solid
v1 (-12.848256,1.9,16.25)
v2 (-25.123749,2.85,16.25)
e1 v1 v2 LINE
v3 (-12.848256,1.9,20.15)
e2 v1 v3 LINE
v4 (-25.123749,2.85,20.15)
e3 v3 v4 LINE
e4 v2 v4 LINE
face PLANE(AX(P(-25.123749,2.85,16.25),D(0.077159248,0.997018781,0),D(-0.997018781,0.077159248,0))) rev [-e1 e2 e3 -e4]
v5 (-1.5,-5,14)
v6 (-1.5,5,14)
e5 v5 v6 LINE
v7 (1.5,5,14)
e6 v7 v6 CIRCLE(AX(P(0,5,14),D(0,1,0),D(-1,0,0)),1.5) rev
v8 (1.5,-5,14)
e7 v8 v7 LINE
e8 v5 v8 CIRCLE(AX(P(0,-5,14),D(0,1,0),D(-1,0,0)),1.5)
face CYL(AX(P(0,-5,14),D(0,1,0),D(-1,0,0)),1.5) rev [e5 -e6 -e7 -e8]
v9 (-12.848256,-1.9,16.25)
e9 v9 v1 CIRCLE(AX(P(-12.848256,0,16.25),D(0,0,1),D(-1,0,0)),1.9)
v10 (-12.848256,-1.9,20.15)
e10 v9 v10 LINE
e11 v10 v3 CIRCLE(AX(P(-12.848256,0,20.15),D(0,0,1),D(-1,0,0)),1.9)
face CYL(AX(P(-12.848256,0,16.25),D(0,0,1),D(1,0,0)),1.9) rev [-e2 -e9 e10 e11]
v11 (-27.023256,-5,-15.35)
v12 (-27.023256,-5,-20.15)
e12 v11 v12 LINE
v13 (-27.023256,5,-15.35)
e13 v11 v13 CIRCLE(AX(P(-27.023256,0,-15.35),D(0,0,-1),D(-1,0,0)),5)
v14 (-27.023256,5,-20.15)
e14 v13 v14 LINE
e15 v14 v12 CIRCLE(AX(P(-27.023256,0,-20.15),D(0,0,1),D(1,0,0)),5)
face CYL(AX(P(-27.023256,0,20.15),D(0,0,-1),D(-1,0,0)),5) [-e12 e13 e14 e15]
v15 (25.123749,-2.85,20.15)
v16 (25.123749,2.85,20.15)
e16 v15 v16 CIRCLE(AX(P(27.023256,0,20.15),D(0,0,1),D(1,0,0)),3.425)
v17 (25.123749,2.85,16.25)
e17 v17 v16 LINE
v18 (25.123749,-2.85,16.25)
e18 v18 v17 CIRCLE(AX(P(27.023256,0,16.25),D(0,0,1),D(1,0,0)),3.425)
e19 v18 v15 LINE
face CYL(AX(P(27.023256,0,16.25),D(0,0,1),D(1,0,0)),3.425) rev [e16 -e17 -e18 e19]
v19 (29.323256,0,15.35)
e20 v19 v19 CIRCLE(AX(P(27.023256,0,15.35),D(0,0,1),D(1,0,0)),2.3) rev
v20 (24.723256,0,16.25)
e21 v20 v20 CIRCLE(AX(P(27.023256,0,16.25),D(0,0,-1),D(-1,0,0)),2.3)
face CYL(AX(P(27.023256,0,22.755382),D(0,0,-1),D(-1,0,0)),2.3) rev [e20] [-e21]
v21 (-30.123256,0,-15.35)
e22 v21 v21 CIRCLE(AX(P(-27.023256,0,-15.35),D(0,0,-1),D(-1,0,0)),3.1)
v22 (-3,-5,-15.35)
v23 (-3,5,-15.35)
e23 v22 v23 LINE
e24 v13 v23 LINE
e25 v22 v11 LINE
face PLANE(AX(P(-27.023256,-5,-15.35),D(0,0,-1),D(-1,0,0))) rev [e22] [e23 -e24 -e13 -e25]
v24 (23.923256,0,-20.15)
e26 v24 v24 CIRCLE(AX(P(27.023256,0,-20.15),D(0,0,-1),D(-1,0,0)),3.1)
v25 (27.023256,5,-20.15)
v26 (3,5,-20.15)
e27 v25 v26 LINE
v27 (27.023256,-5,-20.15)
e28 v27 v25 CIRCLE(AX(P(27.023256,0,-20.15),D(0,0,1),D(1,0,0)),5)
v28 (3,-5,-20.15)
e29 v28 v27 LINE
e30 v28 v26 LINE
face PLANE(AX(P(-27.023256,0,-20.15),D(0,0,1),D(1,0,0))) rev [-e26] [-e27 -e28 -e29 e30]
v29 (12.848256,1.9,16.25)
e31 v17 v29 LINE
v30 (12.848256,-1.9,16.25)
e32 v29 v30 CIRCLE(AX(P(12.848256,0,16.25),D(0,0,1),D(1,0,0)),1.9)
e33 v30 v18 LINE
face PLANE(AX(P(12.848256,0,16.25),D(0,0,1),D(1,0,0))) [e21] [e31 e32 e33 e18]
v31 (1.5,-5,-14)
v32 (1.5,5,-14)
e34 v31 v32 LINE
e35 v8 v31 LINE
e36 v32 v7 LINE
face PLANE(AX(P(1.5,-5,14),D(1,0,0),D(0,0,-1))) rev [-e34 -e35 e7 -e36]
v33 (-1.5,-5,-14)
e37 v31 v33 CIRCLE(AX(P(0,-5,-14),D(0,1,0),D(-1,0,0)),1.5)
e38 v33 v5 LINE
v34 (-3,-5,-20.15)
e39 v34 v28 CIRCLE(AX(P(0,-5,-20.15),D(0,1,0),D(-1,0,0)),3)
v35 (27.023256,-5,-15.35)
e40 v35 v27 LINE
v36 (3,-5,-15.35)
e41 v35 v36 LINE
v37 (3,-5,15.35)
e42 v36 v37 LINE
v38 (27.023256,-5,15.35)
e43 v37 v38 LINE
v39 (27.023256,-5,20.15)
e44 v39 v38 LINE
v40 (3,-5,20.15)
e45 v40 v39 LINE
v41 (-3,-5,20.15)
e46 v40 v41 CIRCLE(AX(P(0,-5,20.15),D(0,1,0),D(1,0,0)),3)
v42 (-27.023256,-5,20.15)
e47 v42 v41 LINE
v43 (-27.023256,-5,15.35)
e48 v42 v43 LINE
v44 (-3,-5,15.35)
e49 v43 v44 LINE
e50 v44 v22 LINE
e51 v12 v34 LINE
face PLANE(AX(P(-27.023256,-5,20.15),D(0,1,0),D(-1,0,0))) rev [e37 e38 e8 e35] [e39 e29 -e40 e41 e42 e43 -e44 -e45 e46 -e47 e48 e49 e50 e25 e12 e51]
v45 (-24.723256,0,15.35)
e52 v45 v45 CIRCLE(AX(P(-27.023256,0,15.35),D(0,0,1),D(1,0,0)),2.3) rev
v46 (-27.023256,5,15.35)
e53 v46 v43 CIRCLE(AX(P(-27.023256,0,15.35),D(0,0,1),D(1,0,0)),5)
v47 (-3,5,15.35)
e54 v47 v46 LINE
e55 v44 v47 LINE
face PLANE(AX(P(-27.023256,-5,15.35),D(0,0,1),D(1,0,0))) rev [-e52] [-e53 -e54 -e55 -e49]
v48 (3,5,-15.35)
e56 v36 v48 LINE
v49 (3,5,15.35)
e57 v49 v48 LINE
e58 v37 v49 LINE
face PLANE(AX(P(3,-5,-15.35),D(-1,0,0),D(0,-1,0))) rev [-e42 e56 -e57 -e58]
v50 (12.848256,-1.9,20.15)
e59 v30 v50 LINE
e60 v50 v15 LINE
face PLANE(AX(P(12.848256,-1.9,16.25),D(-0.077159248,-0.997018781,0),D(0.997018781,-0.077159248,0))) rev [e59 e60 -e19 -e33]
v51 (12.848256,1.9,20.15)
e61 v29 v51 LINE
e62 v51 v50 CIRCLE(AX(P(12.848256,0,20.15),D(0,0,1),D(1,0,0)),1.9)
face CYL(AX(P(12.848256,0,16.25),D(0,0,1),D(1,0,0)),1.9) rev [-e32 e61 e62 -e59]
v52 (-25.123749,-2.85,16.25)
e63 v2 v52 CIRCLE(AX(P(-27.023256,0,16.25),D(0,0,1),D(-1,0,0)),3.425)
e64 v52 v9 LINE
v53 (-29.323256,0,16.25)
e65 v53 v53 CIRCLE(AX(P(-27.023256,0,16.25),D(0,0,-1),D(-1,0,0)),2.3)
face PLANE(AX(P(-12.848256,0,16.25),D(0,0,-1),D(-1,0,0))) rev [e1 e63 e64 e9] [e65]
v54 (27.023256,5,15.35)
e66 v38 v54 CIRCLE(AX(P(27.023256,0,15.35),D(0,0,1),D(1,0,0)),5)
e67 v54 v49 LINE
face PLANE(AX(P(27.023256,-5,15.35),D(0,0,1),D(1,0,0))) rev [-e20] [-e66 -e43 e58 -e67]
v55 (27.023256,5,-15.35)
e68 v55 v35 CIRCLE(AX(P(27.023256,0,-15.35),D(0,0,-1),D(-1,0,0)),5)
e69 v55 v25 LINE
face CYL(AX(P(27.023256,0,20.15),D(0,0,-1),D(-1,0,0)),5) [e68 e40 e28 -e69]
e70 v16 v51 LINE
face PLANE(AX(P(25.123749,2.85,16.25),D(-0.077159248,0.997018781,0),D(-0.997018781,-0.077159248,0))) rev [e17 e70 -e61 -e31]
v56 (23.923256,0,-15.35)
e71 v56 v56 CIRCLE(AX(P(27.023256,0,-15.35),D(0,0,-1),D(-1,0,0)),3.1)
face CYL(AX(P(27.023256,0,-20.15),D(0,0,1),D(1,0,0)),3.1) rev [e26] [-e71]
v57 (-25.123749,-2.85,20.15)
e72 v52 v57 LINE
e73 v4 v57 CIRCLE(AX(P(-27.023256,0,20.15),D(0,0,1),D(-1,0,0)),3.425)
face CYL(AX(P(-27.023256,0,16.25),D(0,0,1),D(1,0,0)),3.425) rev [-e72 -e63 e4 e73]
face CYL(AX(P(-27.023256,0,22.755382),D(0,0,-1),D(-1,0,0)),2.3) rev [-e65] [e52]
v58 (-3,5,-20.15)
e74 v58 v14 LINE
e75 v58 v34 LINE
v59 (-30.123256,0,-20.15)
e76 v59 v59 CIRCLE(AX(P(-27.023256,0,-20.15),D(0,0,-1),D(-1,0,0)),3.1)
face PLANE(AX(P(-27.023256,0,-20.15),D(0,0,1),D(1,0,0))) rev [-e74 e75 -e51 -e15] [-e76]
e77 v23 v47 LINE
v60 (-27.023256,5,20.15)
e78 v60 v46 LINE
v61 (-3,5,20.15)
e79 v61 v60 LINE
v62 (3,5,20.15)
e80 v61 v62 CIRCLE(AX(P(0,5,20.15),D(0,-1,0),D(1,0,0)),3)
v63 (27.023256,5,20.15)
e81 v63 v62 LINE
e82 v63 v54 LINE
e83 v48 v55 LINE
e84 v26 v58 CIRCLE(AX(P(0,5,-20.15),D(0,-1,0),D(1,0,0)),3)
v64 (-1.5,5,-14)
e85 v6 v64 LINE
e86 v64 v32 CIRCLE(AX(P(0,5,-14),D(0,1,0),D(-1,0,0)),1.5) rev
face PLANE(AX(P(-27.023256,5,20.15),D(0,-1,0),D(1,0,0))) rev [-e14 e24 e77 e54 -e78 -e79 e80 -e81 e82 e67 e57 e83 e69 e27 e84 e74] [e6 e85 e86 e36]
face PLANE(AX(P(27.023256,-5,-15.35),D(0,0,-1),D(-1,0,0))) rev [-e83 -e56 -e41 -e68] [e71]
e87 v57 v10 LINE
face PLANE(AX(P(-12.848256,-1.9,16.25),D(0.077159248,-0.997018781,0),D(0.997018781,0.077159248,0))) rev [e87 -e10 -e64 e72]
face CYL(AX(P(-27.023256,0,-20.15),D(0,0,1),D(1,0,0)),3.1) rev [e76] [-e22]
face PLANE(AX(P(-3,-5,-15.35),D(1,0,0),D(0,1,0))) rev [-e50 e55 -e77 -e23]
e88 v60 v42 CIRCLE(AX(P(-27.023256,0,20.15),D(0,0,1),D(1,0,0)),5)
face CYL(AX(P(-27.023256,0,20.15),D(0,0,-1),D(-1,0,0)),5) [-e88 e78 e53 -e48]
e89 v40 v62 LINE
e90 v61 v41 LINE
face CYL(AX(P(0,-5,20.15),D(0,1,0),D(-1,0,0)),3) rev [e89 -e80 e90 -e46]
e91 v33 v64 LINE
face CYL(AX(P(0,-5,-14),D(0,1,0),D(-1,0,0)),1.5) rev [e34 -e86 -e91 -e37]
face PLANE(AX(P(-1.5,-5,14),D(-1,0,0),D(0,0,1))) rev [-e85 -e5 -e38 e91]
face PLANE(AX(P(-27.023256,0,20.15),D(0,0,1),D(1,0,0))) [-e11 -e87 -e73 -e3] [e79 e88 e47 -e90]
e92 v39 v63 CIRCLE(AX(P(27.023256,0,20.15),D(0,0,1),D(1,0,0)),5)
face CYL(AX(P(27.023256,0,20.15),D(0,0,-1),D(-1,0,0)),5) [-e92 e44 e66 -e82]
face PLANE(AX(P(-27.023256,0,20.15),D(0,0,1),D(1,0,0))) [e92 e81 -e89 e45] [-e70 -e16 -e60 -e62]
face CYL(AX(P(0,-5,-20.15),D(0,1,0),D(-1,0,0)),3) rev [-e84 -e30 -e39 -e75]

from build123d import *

# Parameters (mm, degrees)
BOSS_EXTRUDE1_DEPTH     = 20.15
CUT_EXTRUDE1_DEPTH      = 40.134529676
CUT_EXTRUDE1_DEPTH_BACK = 40.134529676
SKETCH2_R               = 3
CUT_EXTRUDE2_DEPTH      = 3.9
SKETCH5_R               = 2.3
CUT_EXTRUDE4_DEPTH      = 16.25
CUT_EXTRUDE5_START      = -15.35
SKETCH7_R               = 3.1
CUT_EXTRUDE5_DEPTH      = 23.814268799


with BuildPart() as part:
    # Sketch1 → Boss-Extrude1 (new, symmetric)
    with BuildSketch(Plane.XY):
        with BuildLine():
            Line((-27.023255814, 5), (27.023255814, 5))
            ThreePointArc((27.023255814, 5), (32.023255814, 0), (27.023255814, -5))
            Line((27.023255814, -5), (-27.023255814, -5))
            ThreePointArc((-27.023255814, -5), (-32.023255814, 0), (-27.023255814, 5))
        make_face()
    extrude(amount=BOSS_EXTRUDE1_DEPTH, both=True)

    # Sketch2 → Cut-Extrude1 (cut, two sides: drawn at the far end of the back side and taken through both)
    with BuildSketch(Plane(origin=(0, 5, 0), x_dir=(1, 0, 0), z_dir=(0, 1, 0)).offset(-CUT_EXTRUDE1_DEPTH_BACK)):
        with Locations((0, 20.15)):
            Circle(SKETCH2_R)
        with Locations((0, -20.15)):
            Circle(SKETCH2_R)
        with BuildLine():
            Line((-1.5, -14), (-1.5, 14))
            ThreePointArc((-1.5, 14), (0, 15.5), (1.5, 14))
            Line((1.5, 14), (1.5, -14))
            ThreePointArc((1.5, -14), (0, -15.5), (-1.5, -14))
        make_face()
        Polygon((27.023255814, 15.35), (38.05829872, 15.35), (38.05829872, -15.35), (27.023255814, -15.35), (3, -15.35), (3, 15.35), align=None)
        Polygon((-27.023255814, -15.35), (-38.05829872, -15.35), (-38.05829872, 15.35), (-27.023255814, 15.35), (-3, 15.35), (-3, -15.35), align=None)
    extrude(amount=CUT_EXTRUDE1_DEPTH + CUT_EXTRUDE1_DEPTH_BACK, mode=Mode.SUBTRACT)

    # Sketch4 → Cut-Extrude2 (cut)
    with BuildSketch(Plane.XY.offset(20.15)):
        with BuildLine():
            Line((25.123749299, 2.85), (12.848255814, 1.9))
            ThreePointArc((12.848255814, 1.9), (10.948255814, 0), (12.848255814, -1.9))
            Line((12.848255814, -1.9), (25.123749299, -2.85))
            ThreePointArc((25.123749299, -2.85), (30.448255814, 0), (25.123749299, 2.85))
        make_face()
        with BuildLine():
            Line((-25.123749299, 2.85), (-12.848255814, 1.9))
            ThreePointArc((-12.848255814, 1.9), (-10.948255814, 0), (-12.848255814, -1.9))
            Line((-12.848255814, -1.9), (-25.123749299, -2.85))
            ThreePointArc((-25.123749299, -2.85), (-30.448255814, 0), (-25.123749299, 2.85))
        make_face()
    extrude(amount=-CUT_EXTRUDE2_DEPTH, mode=Mode.SUBTRACT)

    # Sketch5 → Cut-Extrude4 (cut)
    with BuildSketch(Plane.XY):
        with Locations(Location((27.023255814, 0, 0), (0, 0, 180))):
            Circle(SKETCH5_R)
        with Locations(Location((-27.023255814, 0, 0), (0, 0, 180))):
            Circle(SKETCH5_R)
    extrude(amount=CUT_EXTRUDE4_DEPTH, mode=Mode.SUBTRACT)

    # Sketch7 → Cut-Extrude5 (cut, through all)
    with BuildSketch(Plane.XY.offset(CUT_EXTRUDE5_START)):
        with Locations(Location((27.023255814, 0, 0), (0, 0, 180))):
            Circle(SKETCH7_R)
        with Locations(Location((-27.023255814, 0, 0), (0, 0, 180))):
            Circle(SKETCH7_R)
    extrude(amount=-CUT_EXTRUDE5_DEPTH, mode=Mode.SUBTRACT)


solid = part.part
